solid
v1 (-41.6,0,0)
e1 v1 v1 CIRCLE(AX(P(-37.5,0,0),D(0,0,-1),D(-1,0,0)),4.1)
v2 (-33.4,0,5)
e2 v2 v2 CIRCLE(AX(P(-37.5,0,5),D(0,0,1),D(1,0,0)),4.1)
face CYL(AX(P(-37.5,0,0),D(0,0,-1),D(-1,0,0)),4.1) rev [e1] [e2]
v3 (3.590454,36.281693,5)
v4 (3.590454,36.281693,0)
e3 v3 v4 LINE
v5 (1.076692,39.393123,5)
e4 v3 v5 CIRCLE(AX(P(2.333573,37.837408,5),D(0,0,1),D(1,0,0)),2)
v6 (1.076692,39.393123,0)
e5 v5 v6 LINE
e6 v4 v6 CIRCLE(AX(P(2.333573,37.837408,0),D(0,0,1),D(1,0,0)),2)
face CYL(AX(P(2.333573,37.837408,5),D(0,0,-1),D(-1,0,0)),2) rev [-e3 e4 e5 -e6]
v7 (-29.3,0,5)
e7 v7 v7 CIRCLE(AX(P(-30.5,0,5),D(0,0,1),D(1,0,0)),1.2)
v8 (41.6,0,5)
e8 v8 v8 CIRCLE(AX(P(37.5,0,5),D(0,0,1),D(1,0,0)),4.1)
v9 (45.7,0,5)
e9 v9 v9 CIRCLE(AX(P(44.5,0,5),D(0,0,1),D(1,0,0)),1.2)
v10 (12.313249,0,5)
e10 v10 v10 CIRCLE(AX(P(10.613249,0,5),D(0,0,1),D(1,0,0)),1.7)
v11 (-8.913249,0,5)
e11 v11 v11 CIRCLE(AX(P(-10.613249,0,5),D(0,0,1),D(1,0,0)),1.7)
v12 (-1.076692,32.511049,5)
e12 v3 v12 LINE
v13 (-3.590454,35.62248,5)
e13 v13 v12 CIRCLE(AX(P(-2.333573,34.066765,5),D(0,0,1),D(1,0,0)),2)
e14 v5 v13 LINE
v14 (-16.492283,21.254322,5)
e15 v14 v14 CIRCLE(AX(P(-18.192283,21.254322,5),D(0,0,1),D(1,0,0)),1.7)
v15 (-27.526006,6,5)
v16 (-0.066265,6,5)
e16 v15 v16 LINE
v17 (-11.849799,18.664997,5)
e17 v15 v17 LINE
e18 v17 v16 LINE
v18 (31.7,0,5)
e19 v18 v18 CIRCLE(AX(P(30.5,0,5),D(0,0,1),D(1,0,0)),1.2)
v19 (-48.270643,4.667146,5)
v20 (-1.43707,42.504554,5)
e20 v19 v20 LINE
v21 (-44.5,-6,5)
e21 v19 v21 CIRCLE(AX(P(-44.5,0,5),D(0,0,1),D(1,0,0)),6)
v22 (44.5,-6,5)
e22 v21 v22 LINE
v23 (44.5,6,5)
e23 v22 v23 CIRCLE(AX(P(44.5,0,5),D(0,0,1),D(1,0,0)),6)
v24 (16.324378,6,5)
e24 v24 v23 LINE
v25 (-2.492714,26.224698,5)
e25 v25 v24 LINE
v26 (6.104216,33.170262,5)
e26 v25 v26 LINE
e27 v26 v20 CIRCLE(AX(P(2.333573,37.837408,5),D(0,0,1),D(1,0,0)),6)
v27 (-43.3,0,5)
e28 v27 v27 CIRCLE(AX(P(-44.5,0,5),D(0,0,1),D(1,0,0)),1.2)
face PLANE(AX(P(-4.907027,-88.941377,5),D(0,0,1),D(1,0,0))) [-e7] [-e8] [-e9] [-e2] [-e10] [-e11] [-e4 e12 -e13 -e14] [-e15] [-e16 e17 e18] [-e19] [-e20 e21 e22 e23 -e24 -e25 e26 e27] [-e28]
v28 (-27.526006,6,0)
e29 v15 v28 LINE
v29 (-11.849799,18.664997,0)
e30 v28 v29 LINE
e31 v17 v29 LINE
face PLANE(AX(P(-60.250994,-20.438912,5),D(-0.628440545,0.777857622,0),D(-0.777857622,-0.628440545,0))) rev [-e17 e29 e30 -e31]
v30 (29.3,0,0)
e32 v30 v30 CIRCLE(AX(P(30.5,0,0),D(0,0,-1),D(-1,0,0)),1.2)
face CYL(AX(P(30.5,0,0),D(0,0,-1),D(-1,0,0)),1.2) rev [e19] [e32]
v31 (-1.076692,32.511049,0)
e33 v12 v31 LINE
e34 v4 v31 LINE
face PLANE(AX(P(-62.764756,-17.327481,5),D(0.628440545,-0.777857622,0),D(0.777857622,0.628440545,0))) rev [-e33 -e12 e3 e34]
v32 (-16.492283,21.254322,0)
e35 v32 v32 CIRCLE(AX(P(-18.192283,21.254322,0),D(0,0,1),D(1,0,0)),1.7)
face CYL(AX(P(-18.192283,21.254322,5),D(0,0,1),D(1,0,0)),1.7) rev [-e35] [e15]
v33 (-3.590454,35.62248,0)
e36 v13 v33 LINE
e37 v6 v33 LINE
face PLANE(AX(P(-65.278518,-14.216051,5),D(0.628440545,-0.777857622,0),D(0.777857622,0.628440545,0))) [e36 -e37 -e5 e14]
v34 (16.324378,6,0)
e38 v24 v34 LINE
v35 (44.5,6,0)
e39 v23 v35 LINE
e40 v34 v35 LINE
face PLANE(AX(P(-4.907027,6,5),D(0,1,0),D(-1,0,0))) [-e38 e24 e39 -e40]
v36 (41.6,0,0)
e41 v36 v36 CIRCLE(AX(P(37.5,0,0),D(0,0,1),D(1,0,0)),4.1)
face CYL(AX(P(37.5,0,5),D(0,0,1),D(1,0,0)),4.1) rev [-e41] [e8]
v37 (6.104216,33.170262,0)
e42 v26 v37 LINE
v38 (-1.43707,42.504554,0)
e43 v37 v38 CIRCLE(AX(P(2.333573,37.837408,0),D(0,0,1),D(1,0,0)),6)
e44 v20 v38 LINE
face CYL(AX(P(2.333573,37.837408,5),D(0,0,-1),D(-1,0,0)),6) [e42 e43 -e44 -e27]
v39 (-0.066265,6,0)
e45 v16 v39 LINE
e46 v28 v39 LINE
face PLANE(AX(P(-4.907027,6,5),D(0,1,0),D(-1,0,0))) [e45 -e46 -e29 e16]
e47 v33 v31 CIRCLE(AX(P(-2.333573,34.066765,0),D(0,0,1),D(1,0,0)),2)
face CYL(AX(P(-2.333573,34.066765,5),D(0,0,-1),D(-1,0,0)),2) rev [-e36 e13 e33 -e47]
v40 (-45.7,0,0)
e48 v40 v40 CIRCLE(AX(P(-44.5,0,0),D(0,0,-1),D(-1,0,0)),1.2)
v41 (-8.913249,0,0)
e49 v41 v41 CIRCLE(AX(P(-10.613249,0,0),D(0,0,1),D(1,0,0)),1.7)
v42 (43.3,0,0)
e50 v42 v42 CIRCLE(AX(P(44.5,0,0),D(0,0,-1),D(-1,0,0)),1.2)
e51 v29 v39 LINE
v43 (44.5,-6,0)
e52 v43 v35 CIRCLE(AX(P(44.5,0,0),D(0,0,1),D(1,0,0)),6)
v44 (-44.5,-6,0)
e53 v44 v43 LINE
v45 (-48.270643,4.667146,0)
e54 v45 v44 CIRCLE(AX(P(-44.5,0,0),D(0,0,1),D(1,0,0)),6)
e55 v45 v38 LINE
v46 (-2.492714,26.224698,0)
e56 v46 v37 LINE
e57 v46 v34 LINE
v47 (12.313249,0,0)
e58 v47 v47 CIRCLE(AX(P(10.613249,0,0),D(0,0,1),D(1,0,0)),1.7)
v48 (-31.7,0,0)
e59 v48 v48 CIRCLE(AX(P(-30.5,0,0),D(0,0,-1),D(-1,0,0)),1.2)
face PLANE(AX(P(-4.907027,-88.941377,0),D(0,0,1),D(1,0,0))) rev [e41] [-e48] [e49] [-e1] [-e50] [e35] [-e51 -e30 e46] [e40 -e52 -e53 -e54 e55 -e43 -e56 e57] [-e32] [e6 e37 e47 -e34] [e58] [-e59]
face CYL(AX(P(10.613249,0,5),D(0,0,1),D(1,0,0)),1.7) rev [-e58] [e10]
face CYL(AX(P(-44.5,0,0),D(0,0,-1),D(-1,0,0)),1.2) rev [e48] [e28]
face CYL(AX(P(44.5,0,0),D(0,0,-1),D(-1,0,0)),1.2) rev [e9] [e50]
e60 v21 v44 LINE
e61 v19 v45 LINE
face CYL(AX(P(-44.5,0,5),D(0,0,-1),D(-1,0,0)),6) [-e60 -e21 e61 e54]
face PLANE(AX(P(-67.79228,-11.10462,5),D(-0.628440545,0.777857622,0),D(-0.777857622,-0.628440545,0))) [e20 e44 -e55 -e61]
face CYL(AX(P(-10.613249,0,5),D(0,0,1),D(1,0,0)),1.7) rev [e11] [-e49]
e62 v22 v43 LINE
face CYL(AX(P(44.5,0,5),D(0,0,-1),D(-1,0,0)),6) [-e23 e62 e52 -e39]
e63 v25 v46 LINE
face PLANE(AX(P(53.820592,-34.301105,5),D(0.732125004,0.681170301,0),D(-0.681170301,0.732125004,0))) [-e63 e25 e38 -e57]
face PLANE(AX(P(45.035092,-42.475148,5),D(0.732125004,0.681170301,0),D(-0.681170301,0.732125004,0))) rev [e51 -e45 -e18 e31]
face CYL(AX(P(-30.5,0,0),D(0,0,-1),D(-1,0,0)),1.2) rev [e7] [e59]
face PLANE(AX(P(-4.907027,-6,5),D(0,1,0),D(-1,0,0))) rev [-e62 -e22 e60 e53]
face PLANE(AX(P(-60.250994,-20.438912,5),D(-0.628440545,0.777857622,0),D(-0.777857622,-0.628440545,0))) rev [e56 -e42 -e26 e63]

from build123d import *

# Parameters (mm, degrees)
BOSS_EXTRU_2_DEPTH   = 5
D_GAGEMENT_M21_D     = 2.4
D_GAGEMENT_M21_DEPTH = 10
D_GAGEMENT_M21_TIP   = 0.721032743
D_GAGEMENT_M81_D     = 8.2
D_GAGEMENT_M81_DEPTH = 10
D_GAGEMENT_M81_TIP   = 2.463528538
D_GAGEMENT_M22_D     = 2.4
D_GAGEMENT_M22_DEPTH = 10
D_GAGEMENT_M22_TIP   = 0.721032743
D_GAGEMENT_M82_D     = 8.2
D_GAGEMENT_M82_DEPTH = 10
D_GAGEMENT_M82_TIP   = 2.463528538
D_GAGEMENT_M31_D     = 3.4
D_GAGEMENT_M31_DEPTH = 5
D_GAGEMENT_M31_TIP   = 1.021463052


with BuildPart() as part:
    # Esquisse1 → Boss.-Extru.2 (new body)
    with BuildSketch(Plane.XY):
        with BuildLine():
            Line((-2.492714326, 26.224698366), (6.10421614, 33.170262072))
            ThreePointArc((6.10421614, 33.170262072), (7.000718602, 41.608051079), (-1.437070405, 42.504553542))
            Line((-1.437070405, 42.504553542), (-48.270643273, 4.667145735))
            ThreePointArc((-48.270643273, 4.667145735), (-50.15698128, -1.999640667), (-44.5, -6))
            Line((-44.5, -6), (44.5, -6))
            ThreePointArc((44.5, -6), (50.5, 0), (44.5, 6))
            Line((44.5, 6), (16.324378099, 6))
            Line((16.324378099, 6), (-2.492714326, 26.224698366))
        make_face()
        Polygon((-27.526006497, 6), (-0.066265486, 6), (-11.849799184, 18.664996768), align=None, mode=Mode.SUBTRACT)
        with BuildLine():
            ThreePointArc((-3.590453958, 35.622479779), (-3.889288112, 32.809883443), (-1.076691777, 32.511049289))
            Line((-1.076691777, 32.511049289), (3.590453958, 36.281692562))
            ThreePointArc((3.590453958, 36.281692562), (3.889288112, 39.094288898), (1.076691777, 39.393123052))
            Line((1.076691777, 39.393123052), (-3.590453958, 35.622479779))
        make_face(mode=Mode.SUBTRACT)
    extrude(amount=BOSS_EXTRU_2_DEPTH)

    # Dégagement M21
    with Locations(Plane(origin=(0, 0, 0), x_dir=(-1, 0, 0), z_dir=(0, 0, -1))):
        with Locations((44.5, 0), (30.5, 0)):
            Hole(D_GAGEMENT_M21_D / 2, depth=D_GAGEMENT_M21_DEPTH)
            with Locations((0, 0, -(D_GAGEMENT_M21_DEPTH + D_GAGEMENT_M21_TIP / 2))):  # 118° drill point
                Cone(0, D_GAGEMENT_M21_D / 2, D_GAGEMENT_M21_TIP, mode=Mode.SUBTRACT)

    # Dégagement M81
    with Locations(Plane(origin=(0, 0, 0), x_dir=(-1, 0, 0), z_dir=(0, 0, -1))):
        with Locations((37.5, 0)):
            Hole(D_GAGEMENT_M81_D / 2, depth=D_GAGEMENT_M81_DEPTH)
            with Locations((0, 0, -(D_GAGEMENT_M81_DEPTH + D_GAGEMENT_M81_TIP / 2))):  # 118° drill point
                Cone(0, D_GAGEMENT_M81_D / 2, D_GAGEMENT_M81_TIP, mode=Mode.SUBTRACT)

    # Dégagement M22
    with Locations(Plane(origin=(0, 0, 0), x_dir=(-1, 0, 0), z_dir=(0, 0, -1))):
        with Locations((-44.5, 0), (-30.5, 0)):
            Hole(D_GAGEMENT_M22_D / 2, depth=D_GAGEMENT_M22_DEPTH)
            with Locations((0, 0, -(D_GAGEMENT_M22_DEPTH + D_GAGEMENT_M22_TIP / 2))):  # 118° drill point
                Cone(0, D_GAGEMENT_M22_D / 2, D_GAGEMENT_M22_TIP, mode=Mode.SUBTRACT)

    # Dégagement M82
    with Locations(Plane.XY.offset(5)):
        with Locations((37.5, 0)):
            Hole(D_GAGEMENT_M82_D / 2, depth=D_GAGEMENT_M82_DEPTH)
            with Locations((0, 0, -(D_GAGEMENT_M82_DEPTH + D_GAGEMENT_M82_TIP / 2))):  # 118° drill point
                Cone(0, D_GAGEMENT_M82_D / 2, D_GAGEMENT_M82_TIP, mode=Mode.SUBTRACT)

    # Dégagement M31
    with Locations(Plane.XY.offset(5)):
        with Locations((-18.192282617, 21.254321849), (10.613248654, 0), (-10.613248654, 0)):
            Hole(D_GAGEMENT_M31_D / 2, depth=D_GAGEMENT_M31_DEPTH)
            with Locations((0, 0, -(D_GAGEMENT_M31_DEPTH + D_GAGEMENT_M31_TIP / 2))):  # 118° drill point
                Cone(0, D_GAGEMENT_M31_D / 2, D_GAGEMENT_M31_TIP, mode=Mode.SUBTRACT)


solid = part.part
